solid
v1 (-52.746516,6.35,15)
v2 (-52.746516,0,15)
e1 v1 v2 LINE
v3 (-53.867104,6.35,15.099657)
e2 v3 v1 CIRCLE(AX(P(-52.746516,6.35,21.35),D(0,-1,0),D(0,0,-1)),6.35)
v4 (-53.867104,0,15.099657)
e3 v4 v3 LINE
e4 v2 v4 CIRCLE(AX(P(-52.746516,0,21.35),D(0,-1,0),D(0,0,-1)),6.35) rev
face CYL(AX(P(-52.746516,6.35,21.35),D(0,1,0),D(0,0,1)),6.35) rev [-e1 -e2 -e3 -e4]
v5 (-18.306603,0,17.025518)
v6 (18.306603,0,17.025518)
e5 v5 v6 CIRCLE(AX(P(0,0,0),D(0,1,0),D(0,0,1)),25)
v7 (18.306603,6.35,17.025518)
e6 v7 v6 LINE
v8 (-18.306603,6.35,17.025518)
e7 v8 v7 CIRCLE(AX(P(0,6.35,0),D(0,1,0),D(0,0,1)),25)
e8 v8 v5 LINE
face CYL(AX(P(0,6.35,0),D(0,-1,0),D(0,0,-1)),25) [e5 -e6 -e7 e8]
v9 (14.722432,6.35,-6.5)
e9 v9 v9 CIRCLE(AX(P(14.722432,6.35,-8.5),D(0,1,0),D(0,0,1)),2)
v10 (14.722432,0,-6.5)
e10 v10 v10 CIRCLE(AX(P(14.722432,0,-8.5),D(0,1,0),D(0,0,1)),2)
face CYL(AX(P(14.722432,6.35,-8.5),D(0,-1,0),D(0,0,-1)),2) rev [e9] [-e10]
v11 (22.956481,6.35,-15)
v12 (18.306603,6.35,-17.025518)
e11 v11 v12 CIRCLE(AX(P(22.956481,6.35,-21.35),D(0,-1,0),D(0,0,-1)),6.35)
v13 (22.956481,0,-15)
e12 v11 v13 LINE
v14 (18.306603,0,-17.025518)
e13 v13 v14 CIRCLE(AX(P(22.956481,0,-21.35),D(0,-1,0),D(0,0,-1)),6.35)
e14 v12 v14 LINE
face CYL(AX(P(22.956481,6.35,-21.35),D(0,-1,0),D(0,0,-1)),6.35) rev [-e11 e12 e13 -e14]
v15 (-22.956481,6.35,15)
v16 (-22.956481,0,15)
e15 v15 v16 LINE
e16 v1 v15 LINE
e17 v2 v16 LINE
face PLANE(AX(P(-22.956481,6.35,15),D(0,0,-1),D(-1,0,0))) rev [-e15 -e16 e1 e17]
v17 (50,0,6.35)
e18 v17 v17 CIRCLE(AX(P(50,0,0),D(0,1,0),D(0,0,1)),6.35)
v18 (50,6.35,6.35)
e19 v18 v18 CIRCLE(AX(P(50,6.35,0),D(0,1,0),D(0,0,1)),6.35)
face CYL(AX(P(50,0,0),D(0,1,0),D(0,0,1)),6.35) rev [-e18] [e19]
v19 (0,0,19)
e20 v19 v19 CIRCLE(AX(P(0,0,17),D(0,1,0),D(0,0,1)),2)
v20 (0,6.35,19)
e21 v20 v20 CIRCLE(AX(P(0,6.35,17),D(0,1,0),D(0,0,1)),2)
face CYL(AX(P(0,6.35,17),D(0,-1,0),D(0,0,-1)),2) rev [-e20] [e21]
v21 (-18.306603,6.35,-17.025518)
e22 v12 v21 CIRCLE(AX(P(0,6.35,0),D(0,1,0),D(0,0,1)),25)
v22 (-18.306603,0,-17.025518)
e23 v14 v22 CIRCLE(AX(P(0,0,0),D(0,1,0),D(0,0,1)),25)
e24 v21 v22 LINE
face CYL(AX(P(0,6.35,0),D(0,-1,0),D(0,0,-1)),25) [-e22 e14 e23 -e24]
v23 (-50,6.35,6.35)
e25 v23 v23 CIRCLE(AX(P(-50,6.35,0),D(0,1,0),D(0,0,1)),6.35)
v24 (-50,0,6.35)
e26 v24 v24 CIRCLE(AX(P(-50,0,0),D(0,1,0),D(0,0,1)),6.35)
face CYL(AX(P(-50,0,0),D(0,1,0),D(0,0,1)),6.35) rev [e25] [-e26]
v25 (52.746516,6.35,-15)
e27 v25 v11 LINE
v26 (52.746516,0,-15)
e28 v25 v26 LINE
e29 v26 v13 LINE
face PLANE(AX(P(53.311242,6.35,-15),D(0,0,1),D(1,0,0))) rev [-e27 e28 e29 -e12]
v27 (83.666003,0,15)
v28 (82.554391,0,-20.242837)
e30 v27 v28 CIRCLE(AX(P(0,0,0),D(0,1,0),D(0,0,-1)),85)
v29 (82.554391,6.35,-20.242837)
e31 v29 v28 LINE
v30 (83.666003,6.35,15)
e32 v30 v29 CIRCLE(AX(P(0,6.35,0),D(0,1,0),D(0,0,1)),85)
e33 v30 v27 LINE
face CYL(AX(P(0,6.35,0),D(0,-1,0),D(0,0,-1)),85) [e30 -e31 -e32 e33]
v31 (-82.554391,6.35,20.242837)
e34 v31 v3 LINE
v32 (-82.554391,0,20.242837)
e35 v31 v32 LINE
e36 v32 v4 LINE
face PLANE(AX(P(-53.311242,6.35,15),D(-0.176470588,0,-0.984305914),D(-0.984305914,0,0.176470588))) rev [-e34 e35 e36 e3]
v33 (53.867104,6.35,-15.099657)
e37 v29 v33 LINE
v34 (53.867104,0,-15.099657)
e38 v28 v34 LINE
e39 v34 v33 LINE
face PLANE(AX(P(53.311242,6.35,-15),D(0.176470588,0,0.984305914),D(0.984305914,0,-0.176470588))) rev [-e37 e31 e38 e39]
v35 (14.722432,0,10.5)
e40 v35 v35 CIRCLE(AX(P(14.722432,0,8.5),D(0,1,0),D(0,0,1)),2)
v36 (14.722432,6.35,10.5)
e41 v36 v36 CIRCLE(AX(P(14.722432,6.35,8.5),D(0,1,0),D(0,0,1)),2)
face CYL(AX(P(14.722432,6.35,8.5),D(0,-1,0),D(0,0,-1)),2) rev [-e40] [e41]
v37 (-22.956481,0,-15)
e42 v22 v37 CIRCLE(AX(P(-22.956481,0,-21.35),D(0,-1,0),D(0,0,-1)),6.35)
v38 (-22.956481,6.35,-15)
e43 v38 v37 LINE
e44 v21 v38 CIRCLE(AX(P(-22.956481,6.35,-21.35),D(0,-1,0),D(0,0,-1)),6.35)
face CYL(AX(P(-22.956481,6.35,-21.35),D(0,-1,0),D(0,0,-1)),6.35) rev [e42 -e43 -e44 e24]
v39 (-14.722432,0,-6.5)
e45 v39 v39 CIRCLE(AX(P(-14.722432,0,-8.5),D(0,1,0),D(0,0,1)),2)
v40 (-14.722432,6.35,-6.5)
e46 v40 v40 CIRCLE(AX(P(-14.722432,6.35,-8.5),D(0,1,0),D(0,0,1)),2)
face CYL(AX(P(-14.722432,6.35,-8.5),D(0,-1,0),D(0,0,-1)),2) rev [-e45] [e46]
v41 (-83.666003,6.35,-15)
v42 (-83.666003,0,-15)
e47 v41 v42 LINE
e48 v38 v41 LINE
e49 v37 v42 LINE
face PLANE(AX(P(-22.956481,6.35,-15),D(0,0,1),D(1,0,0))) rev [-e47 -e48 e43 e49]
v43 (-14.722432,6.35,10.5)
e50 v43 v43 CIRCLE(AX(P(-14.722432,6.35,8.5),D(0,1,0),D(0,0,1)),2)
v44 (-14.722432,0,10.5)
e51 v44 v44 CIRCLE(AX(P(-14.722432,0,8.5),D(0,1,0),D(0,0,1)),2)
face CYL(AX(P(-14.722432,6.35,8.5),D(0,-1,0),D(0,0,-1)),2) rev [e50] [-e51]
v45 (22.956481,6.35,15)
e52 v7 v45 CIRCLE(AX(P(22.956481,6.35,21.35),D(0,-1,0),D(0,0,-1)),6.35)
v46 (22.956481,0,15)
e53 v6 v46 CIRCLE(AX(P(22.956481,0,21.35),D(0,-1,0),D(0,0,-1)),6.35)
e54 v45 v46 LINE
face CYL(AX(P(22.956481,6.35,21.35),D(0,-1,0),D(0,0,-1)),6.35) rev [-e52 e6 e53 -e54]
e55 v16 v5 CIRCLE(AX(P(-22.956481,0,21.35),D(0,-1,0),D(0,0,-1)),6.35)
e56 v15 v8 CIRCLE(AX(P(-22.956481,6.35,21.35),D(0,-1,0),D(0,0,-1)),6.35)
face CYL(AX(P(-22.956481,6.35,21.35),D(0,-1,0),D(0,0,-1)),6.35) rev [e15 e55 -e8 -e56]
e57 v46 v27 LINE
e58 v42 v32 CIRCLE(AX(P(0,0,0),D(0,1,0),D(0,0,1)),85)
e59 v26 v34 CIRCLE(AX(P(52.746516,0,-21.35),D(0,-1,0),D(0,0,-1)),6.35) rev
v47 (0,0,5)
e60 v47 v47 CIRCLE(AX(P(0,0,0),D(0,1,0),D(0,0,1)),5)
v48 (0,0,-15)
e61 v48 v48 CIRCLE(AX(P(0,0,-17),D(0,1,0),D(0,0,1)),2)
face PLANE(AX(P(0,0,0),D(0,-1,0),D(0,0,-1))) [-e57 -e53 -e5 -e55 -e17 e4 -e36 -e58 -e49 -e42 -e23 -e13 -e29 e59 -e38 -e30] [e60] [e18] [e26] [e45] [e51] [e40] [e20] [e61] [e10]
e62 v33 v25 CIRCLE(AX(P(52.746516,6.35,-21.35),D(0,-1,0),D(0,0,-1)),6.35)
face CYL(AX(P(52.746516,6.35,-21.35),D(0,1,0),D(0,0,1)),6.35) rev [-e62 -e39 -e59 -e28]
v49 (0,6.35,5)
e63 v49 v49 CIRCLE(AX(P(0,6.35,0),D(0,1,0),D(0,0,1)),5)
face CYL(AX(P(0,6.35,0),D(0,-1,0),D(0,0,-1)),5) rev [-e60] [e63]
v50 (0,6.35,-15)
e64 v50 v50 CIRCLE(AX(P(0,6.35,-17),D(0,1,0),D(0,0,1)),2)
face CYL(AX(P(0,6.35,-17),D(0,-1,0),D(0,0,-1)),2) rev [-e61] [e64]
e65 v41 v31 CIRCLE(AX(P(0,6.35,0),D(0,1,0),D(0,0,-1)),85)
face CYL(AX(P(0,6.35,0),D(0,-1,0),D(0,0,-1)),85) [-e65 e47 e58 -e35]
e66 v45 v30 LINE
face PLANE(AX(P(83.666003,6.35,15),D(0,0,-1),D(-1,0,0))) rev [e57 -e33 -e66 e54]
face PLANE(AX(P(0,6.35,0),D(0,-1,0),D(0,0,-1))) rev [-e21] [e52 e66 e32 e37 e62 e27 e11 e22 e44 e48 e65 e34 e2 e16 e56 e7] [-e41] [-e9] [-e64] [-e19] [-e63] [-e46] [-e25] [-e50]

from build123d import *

# Parameters (mm, degrees)
CROQUIS1_R              = 5
CROQUIS1_R_2            = 2
SALIENTE_EXTRUIR1_DEPTH = 6.35
REDONDEO1_R             = 6.35
CROQUIS2_R              = 6.35
CORTAR_EXTRUIR1_DEPTH   = 7.35


with BuildPart() as part:
    # Croquis1 → Saliente-Extruir1 (new body)
    with BuildSketch(Plane(origin=(0, 0, 0), x_dir=(1, 0, 0), z_dir=(0, 1, 0))):
        with BuildLine():
            Line((-22.956480566, 15), (-83.666002653, 15))
            ThreePointArc((-83.666002653, 15), (-85, 0), (-83.666002653, -15))
            ThreePointArc((-83.666002653, -15), (-83.151528449, -17.630181979), (-82.554391371, -20.242837383))
            Line((-82.554391371, -20.242837383), (-53.31124161, -15))
            Line((-53.31124161, -15), (-22.956480566, -15))
            ThreePointArc((-22.956480566, -15), (-20.420534839, -15.528361119), (-18.306603323, -17.025518341))
            ThreePointArc((-18.306603323, -17.025518341), (0, -25), (18.306603323, -17.025518341))
            ThreePointArc((18.306603323, -17.025518341), (20.420534839, -15.528361119), (22.956480566, -15))
            Line((22.956480566, -15), (83.666002653, -15))
            ThreePointArc((83.666002653, -15), (85, 0), (83.666002653, 15))
            ThreePointArc((83.666002653, 15), (83.151528449, 17.630181979), (82.554391371, 20.242837383))
            Line((82.554391371, 20.242837383), (53.31124161, 15))
            Line((53.31124161, 15), (22.956480566, 15))
            ThreePointArc((22.956480566, 15), (20.420534839, 15.528361119), (18.306603323, 17.025518341))
            ThreePointArc((18.306603323, 17.025518341), (0, 25), (-18.306603323, 17.025518341))
            ThreePointArc((-18.306603323, 17.025518341), (-20.420534839, 15.528361119), (-22.956480566, 15))
        make_face()
        Circle(CROQUIS1_R, mode=Mode.SUBTRACT)
        with Locations((0, 17)):
            Circle(CROQUIS1_R_2, mode=Mode.SUBTRACT)
        with Locations((14.722431864, 8.5)):
            Circle(CROQUIS1_R_2, mode=Mode.SUBTRACT)
        with Locations((14.722431864, -8.5)):
            Circle(CROQUIS1_R_2, mode=Mode.SUBTRACT)
        with Locations((0, -17)):
            Circle(CROQUIS1_R_2, mode=Mode.SUBTRACT)
        with Locations((-14.722431864, -8.5)):
            Circle(CROQUIS1_R_2, mode=Mode.SUBTRACT)
        with Locations((-14.722431864, 8.5)):
            Circle(CROQUIS1_R_2, mode=Mode.SUBTRACT)
    extrude(amount=SALIENTE_EXTRUIR1_DEPTH)

    # Redondeo1
    redondeo1_edges = [part.edges().sort_by_distance(p)[0] for p in [
        (53.31124161, 3.175, -15),
        (-53.31124161, 3.175, 15),
    ]]
    fillet(redondeo1_edges, radius=REDONDEO1_R)

    # Croquis2 → Cortar-Extruir1 (cut, through all)
    with BuildSketch(Plane(origin=(0, 6.35, 0), x_dir=(1, 0, 0), z_dir=(0, 1, 0))):
        with Locations((-50, 0)):
            Circle(CROQUIS2_R)
        with Locations((50, 0)):
            Circle(CROQUIS2_R)
    extrude(amount=-CORTAR_EXTRUIR1_DEPTH, mode=Mode.SUBTRACT)


solid = part.part
